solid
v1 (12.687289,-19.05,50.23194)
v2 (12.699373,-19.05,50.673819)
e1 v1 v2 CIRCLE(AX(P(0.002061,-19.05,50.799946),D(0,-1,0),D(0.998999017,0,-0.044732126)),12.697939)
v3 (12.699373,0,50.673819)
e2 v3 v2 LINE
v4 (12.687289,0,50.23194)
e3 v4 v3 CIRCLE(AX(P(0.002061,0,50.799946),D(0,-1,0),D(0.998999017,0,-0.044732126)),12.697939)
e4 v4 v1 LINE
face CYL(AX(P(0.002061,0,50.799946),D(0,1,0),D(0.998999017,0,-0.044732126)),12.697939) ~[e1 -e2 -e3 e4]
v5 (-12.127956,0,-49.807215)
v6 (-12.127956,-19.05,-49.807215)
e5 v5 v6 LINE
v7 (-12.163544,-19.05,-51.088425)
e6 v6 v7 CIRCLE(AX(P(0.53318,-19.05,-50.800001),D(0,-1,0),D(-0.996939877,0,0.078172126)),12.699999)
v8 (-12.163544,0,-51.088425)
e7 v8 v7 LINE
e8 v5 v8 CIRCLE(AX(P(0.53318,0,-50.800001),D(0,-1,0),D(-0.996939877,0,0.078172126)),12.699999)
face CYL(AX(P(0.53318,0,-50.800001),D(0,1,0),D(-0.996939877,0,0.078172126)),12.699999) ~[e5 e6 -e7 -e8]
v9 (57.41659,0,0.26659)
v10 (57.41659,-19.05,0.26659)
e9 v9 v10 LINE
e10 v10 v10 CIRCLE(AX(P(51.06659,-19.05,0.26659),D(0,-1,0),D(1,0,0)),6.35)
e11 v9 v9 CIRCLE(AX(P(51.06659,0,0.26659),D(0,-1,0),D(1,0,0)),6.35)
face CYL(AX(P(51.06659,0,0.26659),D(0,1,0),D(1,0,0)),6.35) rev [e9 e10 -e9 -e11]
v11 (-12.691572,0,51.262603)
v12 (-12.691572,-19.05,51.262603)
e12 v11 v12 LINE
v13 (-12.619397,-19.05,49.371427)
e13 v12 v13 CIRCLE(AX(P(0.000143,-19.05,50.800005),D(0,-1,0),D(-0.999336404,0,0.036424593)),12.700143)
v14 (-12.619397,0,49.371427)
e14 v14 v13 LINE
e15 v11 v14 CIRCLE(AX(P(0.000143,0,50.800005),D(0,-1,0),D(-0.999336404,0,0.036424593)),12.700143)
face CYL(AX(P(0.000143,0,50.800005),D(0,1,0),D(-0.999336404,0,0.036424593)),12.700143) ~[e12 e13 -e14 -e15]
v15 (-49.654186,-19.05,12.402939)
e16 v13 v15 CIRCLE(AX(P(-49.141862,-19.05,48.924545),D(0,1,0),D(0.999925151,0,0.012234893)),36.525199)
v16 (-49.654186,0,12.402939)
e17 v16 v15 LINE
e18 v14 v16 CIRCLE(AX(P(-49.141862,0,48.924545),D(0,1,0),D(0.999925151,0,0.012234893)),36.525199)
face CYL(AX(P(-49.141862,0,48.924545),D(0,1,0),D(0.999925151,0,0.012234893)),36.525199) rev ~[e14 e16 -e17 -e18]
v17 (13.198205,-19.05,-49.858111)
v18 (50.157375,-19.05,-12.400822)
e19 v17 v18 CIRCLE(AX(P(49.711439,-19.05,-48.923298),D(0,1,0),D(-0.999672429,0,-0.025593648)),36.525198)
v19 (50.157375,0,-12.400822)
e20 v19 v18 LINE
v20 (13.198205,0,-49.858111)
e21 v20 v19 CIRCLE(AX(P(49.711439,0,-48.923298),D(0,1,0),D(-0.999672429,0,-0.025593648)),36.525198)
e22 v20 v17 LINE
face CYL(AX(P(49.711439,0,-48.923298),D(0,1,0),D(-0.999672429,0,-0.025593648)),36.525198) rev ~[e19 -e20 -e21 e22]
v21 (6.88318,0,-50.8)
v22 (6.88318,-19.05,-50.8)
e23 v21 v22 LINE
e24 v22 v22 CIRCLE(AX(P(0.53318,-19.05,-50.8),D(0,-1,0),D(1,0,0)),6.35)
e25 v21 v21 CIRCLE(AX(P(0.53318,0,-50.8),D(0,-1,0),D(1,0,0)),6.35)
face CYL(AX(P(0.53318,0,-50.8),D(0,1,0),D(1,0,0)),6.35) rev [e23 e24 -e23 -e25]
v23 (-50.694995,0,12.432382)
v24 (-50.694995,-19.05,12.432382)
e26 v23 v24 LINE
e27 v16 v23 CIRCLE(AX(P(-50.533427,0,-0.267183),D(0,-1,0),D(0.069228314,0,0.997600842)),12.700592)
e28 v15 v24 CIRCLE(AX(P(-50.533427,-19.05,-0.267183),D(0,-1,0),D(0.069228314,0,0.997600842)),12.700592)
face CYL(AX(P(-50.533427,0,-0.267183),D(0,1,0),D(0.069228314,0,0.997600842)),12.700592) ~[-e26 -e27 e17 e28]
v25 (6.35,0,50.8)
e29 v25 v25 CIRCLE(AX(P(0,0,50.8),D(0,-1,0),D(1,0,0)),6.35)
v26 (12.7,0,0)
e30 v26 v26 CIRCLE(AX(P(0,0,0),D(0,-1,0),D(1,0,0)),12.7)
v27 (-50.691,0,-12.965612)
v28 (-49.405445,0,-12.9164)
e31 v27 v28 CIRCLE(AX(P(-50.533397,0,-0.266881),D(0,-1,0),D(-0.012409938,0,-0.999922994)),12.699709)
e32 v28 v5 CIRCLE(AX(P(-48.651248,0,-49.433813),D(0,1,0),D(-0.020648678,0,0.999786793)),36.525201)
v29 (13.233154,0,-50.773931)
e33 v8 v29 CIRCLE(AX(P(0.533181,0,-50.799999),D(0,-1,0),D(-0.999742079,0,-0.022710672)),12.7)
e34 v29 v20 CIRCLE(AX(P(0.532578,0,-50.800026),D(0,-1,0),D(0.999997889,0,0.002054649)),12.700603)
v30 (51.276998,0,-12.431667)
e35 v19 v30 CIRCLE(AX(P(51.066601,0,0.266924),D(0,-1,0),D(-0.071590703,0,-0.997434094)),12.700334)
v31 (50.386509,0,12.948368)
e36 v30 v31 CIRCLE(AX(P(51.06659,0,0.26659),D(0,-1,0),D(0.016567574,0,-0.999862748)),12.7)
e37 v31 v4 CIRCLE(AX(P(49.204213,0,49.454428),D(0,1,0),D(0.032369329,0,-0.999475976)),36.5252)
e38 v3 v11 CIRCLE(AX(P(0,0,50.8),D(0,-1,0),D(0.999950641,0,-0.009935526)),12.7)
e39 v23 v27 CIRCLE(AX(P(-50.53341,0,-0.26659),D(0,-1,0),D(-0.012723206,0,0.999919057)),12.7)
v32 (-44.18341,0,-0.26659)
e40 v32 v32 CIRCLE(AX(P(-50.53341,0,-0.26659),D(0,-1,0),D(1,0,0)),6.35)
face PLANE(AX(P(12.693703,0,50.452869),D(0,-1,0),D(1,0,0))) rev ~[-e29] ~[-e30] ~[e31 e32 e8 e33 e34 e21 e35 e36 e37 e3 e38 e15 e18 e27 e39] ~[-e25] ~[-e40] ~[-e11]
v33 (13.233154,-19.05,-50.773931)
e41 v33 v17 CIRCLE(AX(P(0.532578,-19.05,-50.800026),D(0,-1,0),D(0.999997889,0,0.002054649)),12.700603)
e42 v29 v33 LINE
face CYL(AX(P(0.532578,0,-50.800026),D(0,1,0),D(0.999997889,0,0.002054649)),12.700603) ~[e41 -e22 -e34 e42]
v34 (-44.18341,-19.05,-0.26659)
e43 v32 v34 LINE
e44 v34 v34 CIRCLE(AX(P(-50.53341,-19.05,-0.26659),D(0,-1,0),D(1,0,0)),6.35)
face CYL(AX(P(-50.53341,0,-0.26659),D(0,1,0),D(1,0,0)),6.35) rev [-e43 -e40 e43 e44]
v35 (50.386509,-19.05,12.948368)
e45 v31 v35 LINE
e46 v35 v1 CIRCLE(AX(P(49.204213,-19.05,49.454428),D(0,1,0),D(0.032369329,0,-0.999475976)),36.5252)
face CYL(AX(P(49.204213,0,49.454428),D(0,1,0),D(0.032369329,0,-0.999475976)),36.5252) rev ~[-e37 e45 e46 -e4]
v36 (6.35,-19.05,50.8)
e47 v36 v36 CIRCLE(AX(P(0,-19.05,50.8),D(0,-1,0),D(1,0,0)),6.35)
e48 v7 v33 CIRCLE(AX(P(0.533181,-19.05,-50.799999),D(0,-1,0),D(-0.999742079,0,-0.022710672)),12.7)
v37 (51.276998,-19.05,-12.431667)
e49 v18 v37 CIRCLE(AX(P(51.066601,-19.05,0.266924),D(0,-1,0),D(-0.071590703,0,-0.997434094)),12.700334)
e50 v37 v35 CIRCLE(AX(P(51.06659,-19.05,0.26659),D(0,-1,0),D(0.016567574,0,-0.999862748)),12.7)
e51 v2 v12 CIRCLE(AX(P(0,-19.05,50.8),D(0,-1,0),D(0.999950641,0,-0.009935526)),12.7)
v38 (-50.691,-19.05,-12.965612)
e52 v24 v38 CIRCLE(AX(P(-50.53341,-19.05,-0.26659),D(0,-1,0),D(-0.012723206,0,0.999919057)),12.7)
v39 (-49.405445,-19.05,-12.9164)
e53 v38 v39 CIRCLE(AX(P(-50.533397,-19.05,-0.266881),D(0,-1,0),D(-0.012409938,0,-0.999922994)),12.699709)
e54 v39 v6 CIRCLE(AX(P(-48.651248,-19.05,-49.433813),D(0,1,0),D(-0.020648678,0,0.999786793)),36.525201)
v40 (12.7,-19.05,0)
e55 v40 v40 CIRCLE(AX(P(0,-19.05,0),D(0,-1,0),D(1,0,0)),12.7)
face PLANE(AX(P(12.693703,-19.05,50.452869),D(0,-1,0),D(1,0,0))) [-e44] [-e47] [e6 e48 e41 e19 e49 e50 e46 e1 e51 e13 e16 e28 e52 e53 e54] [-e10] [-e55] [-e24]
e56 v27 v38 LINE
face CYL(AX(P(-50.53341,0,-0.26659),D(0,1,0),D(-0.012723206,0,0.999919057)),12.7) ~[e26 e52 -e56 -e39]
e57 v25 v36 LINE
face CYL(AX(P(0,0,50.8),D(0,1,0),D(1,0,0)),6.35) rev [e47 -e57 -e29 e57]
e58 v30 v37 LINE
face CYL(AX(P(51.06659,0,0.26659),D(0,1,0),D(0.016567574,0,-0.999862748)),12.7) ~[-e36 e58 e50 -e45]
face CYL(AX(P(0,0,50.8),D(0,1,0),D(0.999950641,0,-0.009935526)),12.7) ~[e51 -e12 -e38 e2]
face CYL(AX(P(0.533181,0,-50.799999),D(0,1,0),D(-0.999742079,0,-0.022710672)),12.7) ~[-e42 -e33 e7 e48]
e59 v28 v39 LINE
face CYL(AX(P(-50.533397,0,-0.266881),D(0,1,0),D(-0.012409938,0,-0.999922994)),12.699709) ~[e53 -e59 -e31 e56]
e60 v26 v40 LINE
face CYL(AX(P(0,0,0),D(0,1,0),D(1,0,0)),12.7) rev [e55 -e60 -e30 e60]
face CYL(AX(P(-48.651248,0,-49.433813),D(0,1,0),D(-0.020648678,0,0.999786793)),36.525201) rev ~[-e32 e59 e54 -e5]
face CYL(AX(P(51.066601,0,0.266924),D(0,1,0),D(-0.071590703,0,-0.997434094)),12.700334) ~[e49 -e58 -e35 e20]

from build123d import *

# Parameters (mm, degrees)
F0_R     = 6.35
F0_R_2   = 12.7
F1_DEPTH = 19.05


with BuildPart() as f1:
    # F0 (on Front) → F1 (new body)
    with BuildSketch(Plane.XZ):
        with BuildLine():
            ThreePointArc((12.699373, 50.673819), (12.692663, 50.452898), (12.687289, 50.23194))
            ThreePointArc((12.687289, 50.23194), (12.695254, 50.452827), (12.699373, 50.673819))
        make_face()
        with BuildLine():
            ThreePointArc((50.386509, 12.948368), (23.520557, 23.484444), (12.687289, 50.23194))
            ThreePointArc((12.687289, 50.23194), (12.692663, 50.452898), (12.699373, 50.673819))
            ThreePointArc((12.699373, 50.673819), (0.294418, 63.496587), (-12.691572, 51.262603))
            ThreePointArc((-12.691572, 51.262603), (-12.643233, 50.317483), (-12.619397, 49.371427))
            ThreePointArc((-12.619397, 49.371427), (-23.337796, 23.0742), (-49.654186, 12.402939))
            ThreePointArc((-49.654186, 12.402939), (-50.174695, 12.413951), (-50.694995, 12.432382))
            ThreePointArc((-50.694995, 12.432382), (-63.23341, -0.268588), (-50.691, -12.965612))
            ThreePointArc((-50.691, -12.965612), (-50.048439, -12.935346), (-49.405445, -12.9164))
            ThreePointArc((-49.405445, -12.9164), (-22.95903, -23.472299), (-12.127956, -49.807215))
            ThreePointArc((-12.127956, -49.807215), (-12.14013, -50.447976), (-12.163544, -51.088425))
            ThreePointArc((-12.163544, -51.088425), (0.690436, -63.499026), (13.233154, -50.773931))
            ThreePointArc((13.233154, -50.773931), (13.212807, -50.31613), (13.198205, -49.858111))
            ThreePointArc((13.198205, -49.858111), (23.711927, -23.269536), (50.157375, -12.400822))
            ThreePointArc((50.157375, -12.400822), (50.717305, -12.411952), (51.276998, -12.431667))
            ThreePointArc((51.276998, -12.431667), (63.75878, 0.711911), (50.386509, 12.948368))
        make_face()
        with Locations((-50.53341, -0.26659)):
            Circle(F0_R, mode=Mode.SUBTRACT)
        with Locations((0.53318, -50.8)):
            Circle(F0_R, mode=Mode.SUBTRACT)
        Circle(F0_R_2, mode=Mode.SUBTRACT)
        with Locations((0, 50.8)):
            Circle(F0_R, mode=Mode.SUBTRACT)
        with Locations((51.06659, 0.26659)):
            Circle(F0_R, mode=Mode.SUBTRACT)
        with BuildLine():
            ThreePointArc((-12.619397, 49.371427), (-12.643233, 50.317483), (-12.691572, 51.262603))
            ThreePointArc((-12.691572, 51.262603), (-12.690761, 50.315669), (-12.619397, 49.371427))
        make_face()
        with BuildLine():
            ThreePointArc((50.157375, -12.400822), (50.716846, -12.428593), (51.276998, -12.431667))
            ThreePointArc((51.276998, -12.431667), (50.717305, -12.411952), (50.157375, -12.400822))
        make_face()
        with BuildLine():
            ThreePointArc((-50.694995, 12.432382), (-50.174695, 12.413951), (-49.654186, 12.402939))
            ThreePointArc((-49.654186, 12.402939), (-50.174289, 12.428331), (-50.694995, 12.432382))
        make_face()
        with BuildLine():
            ThreePointArc((13.233154, -50.773931), (13.223943, -50.315706), (13.198205, -49.858111))
            ThreePointArc((13.198205, -49.858111), (13.212807, -50.31613), (13.233154, -50.773931))
        make_face()
        with BuildLine():
            ThreePointArc((-49.405445, -12.9164), (-50.048439, -12.935346), (-50.691, -12.965612))
            ThreePointArc((-50.691, -12.965612), (-50.047599, -12.957295), (-49.405445, -12.9164))
        make_face()
        with BuildLine():
            ThreePointArc((-12.127956, -49.807215), (-12.161923, -50.44737), (-12.163544, -51.088425))
            ThreePointArc((-12.163544, -51.088425), (-12.14013, -50.447976), (-12.127956, -49.807215))
        make_face()
    extrude(amount=F1_DEPTH)


solid = f1.part
